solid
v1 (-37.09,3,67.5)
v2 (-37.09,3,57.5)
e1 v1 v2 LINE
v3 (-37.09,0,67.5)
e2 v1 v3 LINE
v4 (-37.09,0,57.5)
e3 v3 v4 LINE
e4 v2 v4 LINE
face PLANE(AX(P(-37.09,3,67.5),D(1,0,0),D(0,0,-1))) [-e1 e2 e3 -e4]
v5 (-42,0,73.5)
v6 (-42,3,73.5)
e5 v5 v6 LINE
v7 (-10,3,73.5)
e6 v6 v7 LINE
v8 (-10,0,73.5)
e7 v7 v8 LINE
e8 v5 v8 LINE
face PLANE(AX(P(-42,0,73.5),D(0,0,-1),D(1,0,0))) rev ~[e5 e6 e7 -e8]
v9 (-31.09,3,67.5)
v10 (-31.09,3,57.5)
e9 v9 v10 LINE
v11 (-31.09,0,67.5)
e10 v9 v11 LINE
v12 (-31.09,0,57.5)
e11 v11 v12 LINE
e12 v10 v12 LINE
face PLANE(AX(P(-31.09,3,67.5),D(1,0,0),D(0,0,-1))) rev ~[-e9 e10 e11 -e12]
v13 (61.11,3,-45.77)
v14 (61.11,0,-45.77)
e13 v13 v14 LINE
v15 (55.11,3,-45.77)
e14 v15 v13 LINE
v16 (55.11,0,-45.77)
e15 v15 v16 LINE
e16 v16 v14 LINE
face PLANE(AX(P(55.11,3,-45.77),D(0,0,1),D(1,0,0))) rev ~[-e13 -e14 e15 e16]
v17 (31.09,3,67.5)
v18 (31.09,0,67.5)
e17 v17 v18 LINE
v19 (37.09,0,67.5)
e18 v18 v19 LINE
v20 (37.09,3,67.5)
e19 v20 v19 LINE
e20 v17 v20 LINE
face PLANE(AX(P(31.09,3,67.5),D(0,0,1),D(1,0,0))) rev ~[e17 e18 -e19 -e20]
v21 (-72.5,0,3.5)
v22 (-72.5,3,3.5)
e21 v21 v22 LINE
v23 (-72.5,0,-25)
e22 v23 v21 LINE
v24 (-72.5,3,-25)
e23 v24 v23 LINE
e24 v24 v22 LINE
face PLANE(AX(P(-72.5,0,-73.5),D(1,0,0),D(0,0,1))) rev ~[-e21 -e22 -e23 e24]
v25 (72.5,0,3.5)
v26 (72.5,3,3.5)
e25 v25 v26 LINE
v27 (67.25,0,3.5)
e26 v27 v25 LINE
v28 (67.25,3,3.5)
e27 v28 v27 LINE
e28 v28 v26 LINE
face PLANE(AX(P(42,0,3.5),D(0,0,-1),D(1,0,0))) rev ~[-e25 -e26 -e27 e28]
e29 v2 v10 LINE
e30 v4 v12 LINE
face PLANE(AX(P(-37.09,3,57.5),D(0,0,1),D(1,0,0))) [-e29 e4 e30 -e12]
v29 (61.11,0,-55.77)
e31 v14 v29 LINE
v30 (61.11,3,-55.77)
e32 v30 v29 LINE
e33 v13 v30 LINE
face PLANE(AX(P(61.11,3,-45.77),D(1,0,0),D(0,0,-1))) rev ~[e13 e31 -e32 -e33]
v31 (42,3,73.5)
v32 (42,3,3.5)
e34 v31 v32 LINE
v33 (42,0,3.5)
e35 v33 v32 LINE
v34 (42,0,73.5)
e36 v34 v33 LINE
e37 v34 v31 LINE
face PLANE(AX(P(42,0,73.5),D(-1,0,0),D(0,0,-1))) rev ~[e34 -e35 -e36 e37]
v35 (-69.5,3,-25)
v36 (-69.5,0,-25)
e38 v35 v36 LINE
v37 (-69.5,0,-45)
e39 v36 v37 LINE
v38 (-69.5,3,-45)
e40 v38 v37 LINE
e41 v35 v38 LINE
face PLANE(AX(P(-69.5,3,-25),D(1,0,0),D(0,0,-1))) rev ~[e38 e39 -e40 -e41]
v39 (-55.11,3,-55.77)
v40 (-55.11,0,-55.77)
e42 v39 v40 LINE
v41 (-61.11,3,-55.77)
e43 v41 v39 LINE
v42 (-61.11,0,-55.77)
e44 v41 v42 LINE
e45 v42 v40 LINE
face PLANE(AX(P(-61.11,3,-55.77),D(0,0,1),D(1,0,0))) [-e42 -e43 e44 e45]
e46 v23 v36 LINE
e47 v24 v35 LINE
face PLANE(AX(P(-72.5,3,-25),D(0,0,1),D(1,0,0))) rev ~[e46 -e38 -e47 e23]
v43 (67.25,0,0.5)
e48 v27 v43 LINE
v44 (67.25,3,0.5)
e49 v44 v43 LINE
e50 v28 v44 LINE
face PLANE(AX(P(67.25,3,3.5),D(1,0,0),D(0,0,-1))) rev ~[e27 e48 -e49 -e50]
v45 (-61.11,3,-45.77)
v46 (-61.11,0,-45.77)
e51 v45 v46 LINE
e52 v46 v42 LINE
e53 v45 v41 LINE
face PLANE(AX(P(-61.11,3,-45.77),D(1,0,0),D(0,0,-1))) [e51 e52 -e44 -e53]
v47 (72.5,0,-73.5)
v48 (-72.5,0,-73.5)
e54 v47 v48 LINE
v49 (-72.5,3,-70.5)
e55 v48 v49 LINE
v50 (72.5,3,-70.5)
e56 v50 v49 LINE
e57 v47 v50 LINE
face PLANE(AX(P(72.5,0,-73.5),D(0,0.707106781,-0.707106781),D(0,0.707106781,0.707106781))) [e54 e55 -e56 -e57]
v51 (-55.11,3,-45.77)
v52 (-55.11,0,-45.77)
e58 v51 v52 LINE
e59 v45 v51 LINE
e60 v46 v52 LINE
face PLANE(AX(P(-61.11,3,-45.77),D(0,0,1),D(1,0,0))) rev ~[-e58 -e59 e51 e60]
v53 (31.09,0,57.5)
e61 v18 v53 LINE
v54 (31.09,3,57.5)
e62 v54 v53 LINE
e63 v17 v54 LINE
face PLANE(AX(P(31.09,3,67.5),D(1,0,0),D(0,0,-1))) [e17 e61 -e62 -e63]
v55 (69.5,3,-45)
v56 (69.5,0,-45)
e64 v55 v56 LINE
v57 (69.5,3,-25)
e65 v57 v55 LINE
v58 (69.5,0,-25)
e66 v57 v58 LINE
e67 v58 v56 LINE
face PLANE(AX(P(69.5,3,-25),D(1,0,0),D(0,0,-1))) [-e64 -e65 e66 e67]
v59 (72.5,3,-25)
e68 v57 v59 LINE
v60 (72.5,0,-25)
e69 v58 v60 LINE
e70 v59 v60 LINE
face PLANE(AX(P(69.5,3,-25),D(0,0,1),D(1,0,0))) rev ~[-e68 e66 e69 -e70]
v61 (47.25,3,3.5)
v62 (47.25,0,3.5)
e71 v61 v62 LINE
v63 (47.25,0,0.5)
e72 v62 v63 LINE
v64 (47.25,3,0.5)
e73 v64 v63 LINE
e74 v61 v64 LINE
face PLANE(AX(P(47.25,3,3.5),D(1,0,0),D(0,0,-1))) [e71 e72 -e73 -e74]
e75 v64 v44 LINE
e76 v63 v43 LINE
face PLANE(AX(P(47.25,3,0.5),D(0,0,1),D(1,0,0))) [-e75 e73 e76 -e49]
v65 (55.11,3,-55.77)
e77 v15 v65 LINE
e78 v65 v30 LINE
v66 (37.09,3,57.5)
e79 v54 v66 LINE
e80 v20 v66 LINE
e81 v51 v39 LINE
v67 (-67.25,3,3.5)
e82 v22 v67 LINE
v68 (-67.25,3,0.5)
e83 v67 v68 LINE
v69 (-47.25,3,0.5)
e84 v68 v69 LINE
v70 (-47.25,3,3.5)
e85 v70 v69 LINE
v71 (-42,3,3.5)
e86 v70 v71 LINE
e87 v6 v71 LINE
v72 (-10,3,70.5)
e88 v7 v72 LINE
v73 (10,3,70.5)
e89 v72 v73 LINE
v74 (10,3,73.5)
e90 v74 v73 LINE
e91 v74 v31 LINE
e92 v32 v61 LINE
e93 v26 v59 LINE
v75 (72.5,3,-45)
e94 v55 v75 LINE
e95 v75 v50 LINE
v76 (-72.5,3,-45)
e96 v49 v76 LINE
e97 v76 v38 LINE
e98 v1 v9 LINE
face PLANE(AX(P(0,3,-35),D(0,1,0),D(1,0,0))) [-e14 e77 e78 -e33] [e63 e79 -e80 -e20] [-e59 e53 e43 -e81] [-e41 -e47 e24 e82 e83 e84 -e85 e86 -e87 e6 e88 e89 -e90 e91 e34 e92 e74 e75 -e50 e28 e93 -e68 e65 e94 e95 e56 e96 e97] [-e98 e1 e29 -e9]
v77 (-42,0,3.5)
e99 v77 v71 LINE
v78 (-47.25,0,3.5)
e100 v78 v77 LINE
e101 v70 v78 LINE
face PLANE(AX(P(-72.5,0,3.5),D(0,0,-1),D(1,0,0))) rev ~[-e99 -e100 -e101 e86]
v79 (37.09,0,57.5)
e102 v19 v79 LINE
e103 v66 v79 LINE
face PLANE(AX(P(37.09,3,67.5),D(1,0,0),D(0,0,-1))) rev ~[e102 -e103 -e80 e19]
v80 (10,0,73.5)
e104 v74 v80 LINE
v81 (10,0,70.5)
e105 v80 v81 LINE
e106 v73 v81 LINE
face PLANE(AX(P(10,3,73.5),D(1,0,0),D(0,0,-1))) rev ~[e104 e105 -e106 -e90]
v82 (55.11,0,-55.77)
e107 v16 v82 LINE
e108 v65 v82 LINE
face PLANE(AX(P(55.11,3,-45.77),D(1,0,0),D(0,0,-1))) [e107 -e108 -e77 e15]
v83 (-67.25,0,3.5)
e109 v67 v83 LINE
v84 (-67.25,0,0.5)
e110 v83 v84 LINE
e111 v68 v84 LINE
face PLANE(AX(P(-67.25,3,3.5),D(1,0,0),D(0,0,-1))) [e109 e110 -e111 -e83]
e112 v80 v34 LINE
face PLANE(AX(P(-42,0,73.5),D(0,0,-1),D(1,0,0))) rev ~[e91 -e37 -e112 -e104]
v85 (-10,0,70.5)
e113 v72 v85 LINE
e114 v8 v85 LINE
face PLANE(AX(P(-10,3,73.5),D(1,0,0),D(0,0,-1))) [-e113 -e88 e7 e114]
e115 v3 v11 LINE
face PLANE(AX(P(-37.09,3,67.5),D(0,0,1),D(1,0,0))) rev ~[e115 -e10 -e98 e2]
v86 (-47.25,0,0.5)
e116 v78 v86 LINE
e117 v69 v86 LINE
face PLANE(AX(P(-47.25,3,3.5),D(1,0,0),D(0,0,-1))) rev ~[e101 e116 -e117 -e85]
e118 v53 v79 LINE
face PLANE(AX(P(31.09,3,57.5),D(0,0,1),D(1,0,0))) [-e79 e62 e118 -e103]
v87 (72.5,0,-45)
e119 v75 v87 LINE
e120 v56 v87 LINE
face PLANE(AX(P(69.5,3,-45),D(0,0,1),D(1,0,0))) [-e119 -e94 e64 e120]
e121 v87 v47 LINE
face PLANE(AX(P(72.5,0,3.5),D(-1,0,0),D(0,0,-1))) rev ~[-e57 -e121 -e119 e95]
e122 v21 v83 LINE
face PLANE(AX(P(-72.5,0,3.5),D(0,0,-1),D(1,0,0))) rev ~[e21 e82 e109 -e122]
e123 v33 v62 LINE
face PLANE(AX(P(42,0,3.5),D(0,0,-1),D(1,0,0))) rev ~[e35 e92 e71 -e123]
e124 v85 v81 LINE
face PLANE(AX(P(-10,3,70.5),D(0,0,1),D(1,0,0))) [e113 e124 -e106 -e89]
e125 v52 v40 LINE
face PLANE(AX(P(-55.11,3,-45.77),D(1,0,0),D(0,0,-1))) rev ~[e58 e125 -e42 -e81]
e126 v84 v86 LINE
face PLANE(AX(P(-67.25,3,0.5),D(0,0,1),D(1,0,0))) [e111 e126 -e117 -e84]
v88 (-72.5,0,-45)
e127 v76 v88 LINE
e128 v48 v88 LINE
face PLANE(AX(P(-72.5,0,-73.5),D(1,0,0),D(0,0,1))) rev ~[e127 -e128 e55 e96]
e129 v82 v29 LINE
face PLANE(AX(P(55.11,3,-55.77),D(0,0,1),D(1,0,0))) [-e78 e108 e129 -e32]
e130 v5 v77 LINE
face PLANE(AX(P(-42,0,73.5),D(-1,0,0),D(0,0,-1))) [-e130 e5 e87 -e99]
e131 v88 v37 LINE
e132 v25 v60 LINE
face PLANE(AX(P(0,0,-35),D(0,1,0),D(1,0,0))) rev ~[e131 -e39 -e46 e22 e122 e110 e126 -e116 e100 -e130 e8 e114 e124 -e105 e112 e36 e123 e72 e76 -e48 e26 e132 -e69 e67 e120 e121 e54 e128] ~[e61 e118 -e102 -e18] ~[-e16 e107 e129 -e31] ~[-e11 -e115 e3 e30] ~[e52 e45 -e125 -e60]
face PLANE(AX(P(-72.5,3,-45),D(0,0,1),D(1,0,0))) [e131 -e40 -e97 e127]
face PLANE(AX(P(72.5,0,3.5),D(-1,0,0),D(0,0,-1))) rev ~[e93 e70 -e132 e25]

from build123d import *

# Parameters (mm, degrees)
CROQUIS1_W              = 84
CROQUIS1_H              = 70
SALIENTE_EXTRUIR1_DEPTH = 3
CROQUIS2_W              = 6
CROQUIS2_H              = 10
CORTAR_EXTRUIR1_DEPTH   = 3
CROQUIS3_W              = 20
CROQUIS3_H              = 3
CROQUIS3_W_2            = 3
CROQUIS3_H_2            = 20
CORTAR_EXTRUIR2_DEPTH   = 3
CORTAR_EXTRUIR3_DEPTH   = 146


with BuildPart() as part:
    # Croquis1 → Saliente-Extruir1 (new body)
    with BuildSketch(Plane(origin=(0, 0, 0), x_dir=(1, 0, 0), z_dir=(0, 1, 0))):
        Polygon((72.5, 73.5), (-72.5, 73.5), (-72.5, -3.5), (-42, -3.5), (42, -3.5), (72.5, -3.5), align=None)
        with Locations((0, -38.5)):
            Rectangle(CROQUIS1_W, CROQUIS1_H)
    extrude(amount=SALIENTE_EXTRUIR1_DEPTH)

    # Croquis2 → Cortar-Extruir1 (cut)
    with BuildSketch(Plane(origin=(0, 3, 0), x_dir=(1, 0, 0), z_dir=(0, 1, 0))):
        with Locations((-34.09, -62.5)):
            Rectangle(CROQUIS2_W, CROQUIS2_H)
        with Locations((34.09, -62.5)):
            Rectangle(CROQUIS2_W, CROQUIS2_H)
        with Locations((-58.11, 50.77)):
            Rectangle(CROQUIS2_W, CROQUIS2_H)
        with Locations((58.11, 50.77)):
            Rectangle(CROQUIS2_W, CROQUIS2_H)
    extrude(amount=-CORTAR_EXTRUIR1_DEPTH, mode=Mode.SUBTRACT)

    # Croquis3 → Cortar-Extruir2 (cut)
    with BuildSketch(Plane(origin=(0, 3, 0), x_dir=(1, 0, 0), z_dir=(0, 1, 0))):
        with Locations((0, -72)):
            Rectangle(CROQUIS3_W, CROQUIS3_H)
        with Locations((71, 35)):
            Rectangle(CROQUIS3_W_2, CROQUIS3_H_2)
        with Locations((-71, 35)):
            Rectangle(CROQUIS3_W_2, CROQUIS3_H_2)
        with Locations((57.25, -2)):
            Rectangle(CROQUIS3_W, CROQUIS3_H)
        with Locations((-57.25, -2)):
            Rectangle(CROQUIS3_W, CROQUIS3_H)
    extrude(amount=-CORTAR_EXTRUIR2_DEPTH, mode=Mode.SUBTRACT)

    # Croquis5 → Cortar-Extruir3 (cut, through all)
    with BuildSketch(Plane(origin=(72.5, 0, 0), x_dir=(0, 0, -1), z_dir=(1, 0, 0))):
        Polygon((73.5, 0), (70.5, 3), (73.5, 3), align=None)
    extrude(amount=-CORTAR_EXTRUIR3_DEPTH, mode=Mode.SUBTRACT)


solid = part.part
